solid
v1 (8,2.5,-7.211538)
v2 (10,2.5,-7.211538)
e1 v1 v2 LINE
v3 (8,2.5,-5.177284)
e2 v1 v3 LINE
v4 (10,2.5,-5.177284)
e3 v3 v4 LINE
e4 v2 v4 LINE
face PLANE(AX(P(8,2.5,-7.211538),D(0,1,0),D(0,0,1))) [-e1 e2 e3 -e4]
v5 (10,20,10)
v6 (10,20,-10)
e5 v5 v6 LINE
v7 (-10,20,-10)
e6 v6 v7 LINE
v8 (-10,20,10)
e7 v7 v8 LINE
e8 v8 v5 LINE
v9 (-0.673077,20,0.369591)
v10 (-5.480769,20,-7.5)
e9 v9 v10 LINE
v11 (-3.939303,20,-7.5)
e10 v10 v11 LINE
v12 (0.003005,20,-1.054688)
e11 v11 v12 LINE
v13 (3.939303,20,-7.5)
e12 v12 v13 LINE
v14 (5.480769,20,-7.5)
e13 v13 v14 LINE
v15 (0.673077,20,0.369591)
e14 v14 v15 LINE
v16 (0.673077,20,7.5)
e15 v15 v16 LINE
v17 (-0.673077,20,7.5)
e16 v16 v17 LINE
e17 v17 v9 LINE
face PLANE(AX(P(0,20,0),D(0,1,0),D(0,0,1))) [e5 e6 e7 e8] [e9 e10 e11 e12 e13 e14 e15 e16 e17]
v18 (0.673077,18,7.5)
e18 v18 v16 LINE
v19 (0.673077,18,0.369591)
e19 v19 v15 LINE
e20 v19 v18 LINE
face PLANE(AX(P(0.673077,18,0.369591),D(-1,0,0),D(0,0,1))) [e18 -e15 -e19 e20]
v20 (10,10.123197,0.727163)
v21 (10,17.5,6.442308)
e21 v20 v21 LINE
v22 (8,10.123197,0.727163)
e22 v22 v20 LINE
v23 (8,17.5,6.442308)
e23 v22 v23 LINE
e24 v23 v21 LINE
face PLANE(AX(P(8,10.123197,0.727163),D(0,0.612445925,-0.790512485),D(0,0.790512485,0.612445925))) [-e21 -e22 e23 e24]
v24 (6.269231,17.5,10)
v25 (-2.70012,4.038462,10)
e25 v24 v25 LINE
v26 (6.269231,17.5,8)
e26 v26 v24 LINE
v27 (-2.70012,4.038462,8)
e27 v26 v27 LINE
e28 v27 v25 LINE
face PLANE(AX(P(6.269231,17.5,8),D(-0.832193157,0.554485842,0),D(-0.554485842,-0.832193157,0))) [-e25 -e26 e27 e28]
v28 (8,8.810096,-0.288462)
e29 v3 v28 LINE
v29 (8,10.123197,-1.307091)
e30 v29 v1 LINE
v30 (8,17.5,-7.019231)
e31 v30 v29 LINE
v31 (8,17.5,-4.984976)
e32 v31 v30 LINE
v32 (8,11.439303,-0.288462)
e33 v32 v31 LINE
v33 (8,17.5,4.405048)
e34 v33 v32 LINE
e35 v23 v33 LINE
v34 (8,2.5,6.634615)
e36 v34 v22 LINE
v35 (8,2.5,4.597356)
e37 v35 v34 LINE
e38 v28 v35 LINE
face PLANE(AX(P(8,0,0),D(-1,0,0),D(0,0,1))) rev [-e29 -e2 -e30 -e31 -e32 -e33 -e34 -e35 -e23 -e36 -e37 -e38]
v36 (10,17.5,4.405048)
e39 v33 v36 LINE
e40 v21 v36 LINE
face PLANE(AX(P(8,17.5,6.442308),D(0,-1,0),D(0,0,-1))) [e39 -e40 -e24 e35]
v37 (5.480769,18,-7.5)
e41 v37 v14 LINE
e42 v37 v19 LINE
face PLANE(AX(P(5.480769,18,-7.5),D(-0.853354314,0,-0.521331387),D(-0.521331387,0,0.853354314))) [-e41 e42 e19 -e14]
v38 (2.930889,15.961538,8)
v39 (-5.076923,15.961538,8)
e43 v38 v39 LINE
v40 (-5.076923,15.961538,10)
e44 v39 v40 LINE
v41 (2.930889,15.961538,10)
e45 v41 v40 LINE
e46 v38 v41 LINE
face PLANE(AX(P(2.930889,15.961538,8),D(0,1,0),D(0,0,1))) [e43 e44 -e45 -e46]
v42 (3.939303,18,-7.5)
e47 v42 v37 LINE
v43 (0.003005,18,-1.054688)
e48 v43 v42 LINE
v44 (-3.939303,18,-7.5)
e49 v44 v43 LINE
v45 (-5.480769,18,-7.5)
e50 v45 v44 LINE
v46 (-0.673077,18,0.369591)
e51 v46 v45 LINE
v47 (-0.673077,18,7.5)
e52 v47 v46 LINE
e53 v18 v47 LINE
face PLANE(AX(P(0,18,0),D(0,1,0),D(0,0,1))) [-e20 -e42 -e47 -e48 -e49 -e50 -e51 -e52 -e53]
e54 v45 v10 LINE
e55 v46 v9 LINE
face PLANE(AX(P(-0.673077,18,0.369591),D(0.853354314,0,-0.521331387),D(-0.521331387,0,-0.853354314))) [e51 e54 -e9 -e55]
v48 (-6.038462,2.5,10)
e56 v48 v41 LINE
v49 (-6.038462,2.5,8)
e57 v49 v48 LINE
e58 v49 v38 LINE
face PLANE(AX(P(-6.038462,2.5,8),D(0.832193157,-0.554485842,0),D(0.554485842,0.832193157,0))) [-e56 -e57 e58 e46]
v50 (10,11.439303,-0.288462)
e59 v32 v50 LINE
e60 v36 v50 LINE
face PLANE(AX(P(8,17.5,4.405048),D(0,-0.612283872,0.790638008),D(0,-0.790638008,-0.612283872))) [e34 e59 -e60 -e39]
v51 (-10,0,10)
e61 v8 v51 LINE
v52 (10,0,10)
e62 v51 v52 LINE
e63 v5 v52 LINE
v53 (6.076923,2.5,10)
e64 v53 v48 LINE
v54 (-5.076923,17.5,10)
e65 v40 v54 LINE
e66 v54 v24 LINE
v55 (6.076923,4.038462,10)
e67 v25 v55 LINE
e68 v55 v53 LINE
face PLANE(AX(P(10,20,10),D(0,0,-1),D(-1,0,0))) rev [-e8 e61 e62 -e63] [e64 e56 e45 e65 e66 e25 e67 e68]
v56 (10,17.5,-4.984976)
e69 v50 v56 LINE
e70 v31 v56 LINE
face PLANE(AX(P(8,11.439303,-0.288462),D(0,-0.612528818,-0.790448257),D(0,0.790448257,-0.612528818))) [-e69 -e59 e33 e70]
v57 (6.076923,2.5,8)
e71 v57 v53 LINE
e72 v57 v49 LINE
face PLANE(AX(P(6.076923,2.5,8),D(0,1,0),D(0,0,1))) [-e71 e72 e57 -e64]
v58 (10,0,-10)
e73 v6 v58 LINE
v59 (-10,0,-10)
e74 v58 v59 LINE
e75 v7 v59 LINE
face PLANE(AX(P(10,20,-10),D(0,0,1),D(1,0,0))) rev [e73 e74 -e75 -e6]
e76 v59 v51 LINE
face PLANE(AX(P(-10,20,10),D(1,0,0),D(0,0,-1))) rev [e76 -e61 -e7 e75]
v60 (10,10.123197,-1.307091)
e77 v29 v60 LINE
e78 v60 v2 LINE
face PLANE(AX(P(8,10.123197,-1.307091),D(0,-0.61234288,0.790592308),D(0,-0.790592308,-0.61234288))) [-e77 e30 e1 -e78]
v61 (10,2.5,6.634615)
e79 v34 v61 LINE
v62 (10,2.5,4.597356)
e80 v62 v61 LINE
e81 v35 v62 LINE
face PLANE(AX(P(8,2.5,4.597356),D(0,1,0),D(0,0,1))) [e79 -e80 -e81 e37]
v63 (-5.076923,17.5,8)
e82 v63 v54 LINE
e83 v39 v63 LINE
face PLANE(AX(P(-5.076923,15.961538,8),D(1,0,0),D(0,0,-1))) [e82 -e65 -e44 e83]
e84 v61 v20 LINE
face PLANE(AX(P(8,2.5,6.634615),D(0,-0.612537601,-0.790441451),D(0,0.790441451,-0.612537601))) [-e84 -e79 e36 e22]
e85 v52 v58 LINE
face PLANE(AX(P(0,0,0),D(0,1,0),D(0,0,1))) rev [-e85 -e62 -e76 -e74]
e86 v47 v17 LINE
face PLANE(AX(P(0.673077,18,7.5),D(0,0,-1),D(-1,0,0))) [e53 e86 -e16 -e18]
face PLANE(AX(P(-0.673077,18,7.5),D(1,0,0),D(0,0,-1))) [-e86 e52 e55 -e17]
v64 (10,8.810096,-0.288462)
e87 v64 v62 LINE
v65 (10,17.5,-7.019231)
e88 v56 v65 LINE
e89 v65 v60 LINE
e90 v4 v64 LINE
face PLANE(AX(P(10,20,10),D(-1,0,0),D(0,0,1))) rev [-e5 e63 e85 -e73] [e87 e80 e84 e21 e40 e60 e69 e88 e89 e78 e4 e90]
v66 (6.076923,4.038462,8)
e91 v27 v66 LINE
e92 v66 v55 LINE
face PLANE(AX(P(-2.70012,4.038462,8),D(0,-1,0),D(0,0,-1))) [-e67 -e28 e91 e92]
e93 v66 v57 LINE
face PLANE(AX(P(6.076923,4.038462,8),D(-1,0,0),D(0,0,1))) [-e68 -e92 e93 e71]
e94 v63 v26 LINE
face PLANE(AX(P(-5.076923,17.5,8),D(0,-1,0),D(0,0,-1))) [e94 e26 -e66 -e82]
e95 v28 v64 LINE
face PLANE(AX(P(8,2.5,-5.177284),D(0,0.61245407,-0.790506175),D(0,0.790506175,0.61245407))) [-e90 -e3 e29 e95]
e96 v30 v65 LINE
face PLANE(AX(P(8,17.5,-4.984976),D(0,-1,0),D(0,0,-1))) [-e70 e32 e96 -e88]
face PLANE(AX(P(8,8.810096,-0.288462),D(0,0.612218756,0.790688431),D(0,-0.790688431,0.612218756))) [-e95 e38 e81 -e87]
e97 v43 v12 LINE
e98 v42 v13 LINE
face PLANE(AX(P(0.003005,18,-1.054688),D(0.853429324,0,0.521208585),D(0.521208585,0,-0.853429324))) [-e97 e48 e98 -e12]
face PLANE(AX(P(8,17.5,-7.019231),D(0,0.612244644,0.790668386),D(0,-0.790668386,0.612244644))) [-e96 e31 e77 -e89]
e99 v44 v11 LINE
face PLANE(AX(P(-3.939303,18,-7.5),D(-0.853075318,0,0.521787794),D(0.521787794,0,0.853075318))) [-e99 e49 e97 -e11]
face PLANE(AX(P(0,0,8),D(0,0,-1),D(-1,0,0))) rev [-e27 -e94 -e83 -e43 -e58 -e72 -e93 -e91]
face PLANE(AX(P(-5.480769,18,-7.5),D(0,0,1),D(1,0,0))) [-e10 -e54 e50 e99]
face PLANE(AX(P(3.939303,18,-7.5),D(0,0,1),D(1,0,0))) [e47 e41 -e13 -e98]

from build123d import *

# Parameters (mm, degrees)
SKETCH1_W           = 20
SKETCH1_H           = 20
BOSS_EXTRUDE1_DEPTH = 20
CUT_EXTRUDE1_DEPTH  = 2
CUT_EXTRUDE2_DEPTH  = 2
CUT_EXTRUDE3_DEPTH  = 2


with BuildPart() as part:
    # Sketch1 → Boss-Extrude1 (new body)
    with BuildSketch(Plane(origin=(0, 0, 0), x_dir=(1, 0, 0), z_dir=(0, 1, 0))):
        Rectangle(SKETCH1_W, SKETCH1_H)
    extrude(amount=BOSS_EXTRUDE1_DEPTH)

    # Sketch2 → Cut-Extrude1 (cut)
    with BuildSketch(Plane.XY.offset(10)):
        Polygon((-5.076923077, 15.961538462), (-5.076923077, 17.5), (6.269230769, 17.5), (-2.700120192, 4.038461538), (6.076923077, 4.038461538), (6.076923077, 2.5), (-6.038461538, 2.5), (2.930889423, 15.961538462), align=None)
    extrude(amount=-CUT_EXTRUDE1_DEPTH, mode=Mode.SUBTRACT)

    # Sketch3 → Cut-Extrude2 (cut)
    with BuildSketch(Plane(origin=(10, 0, 0), x_dir=(0, 0, -1), z_dir=(1, 0, 0))):
        Polygon((-6.442307692, 17.5), (-4.405048077, 17.5), (0.288461538, 11.439302885), (4.984975962, 17.5), (7.019230769, 17.5), (1.307091346, 10.123197115), (7.211538462, 2.5), (5.177283654, 2.5), (0.288461538, 8.810096154), (-4.597355769, 2.5), (-6.634615385, 2.5), (-0.727163462, 10.123197115), align=None)
    extrude(amount=-CUT_EXTRUDE2_DEPTH, mode=Mode.SUBTRACT)

    # Sketch4 → Cut-Extrude3 (cut)
    with BuildSketch(Plane(origin=(0, 20, 0), x_dir=(1, 0, 0), z_dir=(0, 1, 0))):
        Polygon((-5.480769231, 7.5), (-3.939302885, 7.5), (0.003004808, 1.0546875), (3.939302885, 7.5), (5.480769231, 7.5), (0.673076923, -0.369591346), (0.673076923, -7.5), (-0.673076923, -7.5), (-0.673076923, -0.369591346), align=None)
    extrude(amount=-CUT_EXTRUDE3_DEPTH, mode=Mode.SUBTRACT)


solid = part.part
